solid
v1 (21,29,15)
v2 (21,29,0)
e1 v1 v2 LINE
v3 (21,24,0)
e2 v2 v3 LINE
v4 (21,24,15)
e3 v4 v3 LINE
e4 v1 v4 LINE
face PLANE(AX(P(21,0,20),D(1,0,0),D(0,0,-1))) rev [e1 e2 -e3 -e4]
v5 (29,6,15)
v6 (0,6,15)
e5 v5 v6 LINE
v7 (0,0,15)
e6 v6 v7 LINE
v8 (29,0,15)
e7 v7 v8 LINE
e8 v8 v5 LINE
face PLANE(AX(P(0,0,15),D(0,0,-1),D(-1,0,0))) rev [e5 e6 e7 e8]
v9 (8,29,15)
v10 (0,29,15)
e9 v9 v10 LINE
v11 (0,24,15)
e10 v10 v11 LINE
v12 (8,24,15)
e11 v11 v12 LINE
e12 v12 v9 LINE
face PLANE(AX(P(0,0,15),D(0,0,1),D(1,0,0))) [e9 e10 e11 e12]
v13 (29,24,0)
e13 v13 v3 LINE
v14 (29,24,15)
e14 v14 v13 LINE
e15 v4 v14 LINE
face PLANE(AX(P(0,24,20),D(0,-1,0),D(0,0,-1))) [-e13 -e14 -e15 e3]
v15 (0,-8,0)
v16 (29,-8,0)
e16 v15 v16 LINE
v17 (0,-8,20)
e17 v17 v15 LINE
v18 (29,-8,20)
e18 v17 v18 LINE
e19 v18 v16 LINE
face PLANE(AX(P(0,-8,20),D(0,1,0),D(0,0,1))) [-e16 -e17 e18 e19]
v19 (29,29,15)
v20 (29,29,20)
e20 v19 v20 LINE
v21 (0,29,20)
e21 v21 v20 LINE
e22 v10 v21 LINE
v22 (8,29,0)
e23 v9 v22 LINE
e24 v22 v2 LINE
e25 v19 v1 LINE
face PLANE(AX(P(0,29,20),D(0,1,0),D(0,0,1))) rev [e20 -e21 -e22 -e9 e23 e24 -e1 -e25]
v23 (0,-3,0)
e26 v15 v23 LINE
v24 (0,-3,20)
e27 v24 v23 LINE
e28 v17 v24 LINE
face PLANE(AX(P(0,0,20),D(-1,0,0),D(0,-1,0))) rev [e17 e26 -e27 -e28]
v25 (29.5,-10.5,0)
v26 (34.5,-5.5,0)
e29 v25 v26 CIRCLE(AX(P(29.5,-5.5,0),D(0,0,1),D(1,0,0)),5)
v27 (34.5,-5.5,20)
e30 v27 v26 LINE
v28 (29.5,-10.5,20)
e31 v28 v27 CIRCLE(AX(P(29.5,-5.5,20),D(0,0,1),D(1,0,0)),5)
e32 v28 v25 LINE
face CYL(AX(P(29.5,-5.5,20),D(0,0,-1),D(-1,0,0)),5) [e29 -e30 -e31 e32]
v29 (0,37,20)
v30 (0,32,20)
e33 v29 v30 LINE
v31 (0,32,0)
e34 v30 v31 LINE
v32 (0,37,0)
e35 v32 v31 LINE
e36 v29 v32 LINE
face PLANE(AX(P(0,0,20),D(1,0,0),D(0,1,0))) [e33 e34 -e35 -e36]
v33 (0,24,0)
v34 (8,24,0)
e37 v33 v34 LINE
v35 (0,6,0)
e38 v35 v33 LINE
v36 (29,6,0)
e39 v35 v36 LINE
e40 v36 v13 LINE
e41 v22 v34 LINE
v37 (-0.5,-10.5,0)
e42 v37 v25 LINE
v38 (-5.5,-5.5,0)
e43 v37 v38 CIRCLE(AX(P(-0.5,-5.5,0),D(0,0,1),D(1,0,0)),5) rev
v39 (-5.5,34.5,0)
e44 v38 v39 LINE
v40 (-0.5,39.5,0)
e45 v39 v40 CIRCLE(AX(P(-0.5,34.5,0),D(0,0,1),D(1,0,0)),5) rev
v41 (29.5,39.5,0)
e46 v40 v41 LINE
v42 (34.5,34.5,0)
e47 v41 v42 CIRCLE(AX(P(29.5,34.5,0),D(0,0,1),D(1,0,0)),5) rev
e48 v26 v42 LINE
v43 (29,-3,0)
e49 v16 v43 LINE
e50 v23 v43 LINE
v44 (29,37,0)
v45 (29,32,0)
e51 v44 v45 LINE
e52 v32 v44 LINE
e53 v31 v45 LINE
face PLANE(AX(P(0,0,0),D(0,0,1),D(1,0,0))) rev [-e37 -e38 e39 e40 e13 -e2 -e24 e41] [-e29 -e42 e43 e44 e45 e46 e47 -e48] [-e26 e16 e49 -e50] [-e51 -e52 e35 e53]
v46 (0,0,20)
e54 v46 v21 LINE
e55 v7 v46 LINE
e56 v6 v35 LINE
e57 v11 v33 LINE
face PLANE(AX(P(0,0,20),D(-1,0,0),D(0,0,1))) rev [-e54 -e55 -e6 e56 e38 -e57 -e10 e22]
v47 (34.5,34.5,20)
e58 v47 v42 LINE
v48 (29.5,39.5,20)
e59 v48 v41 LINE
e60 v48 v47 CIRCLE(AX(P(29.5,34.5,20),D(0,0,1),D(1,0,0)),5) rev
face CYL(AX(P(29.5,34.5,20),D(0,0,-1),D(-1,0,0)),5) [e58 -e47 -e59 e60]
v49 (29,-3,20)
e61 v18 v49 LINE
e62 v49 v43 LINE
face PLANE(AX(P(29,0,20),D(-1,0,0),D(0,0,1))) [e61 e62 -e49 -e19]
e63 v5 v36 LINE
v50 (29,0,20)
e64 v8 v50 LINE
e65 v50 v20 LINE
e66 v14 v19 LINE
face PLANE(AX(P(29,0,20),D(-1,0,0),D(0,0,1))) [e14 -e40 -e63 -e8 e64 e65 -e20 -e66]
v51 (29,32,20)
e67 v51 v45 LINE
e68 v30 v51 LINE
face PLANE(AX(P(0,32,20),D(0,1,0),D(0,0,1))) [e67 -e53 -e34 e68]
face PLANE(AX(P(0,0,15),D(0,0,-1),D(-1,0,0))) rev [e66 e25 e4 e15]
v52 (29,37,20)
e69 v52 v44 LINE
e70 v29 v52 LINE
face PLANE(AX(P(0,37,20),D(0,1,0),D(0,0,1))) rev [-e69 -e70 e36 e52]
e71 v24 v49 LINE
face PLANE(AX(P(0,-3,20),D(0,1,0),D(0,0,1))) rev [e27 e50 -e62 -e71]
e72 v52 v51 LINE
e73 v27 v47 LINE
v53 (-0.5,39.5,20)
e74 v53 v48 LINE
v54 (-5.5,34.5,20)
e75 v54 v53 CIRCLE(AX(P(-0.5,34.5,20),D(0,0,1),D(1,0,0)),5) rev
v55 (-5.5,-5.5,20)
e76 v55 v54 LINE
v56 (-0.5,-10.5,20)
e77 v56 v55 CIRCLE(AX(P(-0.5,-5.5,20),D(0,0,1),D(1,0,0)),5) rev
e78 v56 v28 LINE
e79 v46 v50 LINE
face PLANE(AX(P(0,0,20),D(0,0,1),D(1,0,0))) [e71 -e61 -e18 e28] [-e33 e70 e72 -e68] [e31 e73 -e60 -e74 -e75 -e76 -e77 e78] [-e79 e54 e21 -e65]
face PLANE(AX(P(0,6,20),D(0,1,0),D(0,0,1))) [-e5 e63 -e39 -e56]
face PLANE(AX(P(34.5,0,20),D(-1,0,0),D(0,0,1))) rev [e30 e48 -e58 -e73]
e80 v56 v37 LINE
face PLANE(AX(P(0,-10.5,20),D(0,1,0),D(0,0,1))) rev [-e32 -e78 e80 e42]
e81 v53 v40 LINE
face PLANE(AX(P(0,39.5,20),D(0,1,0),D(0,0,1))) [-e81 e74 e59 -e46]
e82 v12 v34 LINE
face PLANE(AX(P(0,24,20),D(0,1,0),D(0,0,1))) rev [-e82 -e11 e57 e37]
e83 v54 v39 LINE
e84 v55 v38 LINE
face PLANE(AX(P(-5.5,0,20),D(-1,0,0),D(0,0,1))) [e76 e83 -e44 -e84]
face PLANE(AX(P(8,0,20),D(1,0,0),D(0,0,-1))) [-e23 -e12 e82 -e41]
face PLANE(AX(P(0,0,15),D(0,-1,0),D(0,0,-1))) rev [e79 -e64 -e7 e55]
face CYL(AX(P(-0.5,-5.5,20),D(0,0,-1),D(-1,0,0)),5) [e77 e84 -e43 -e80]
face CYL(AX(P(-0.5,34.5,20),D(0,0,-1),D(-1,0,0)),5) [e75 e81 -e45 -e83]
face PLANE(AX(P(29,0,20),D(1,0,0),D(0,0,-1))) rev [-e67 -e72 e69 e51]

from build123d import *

# Parameters (mm, degrees)
SKETCH2_W           = 29
SKETCH2_H           = 5
BOSS_EXTRUDE2_DEPTH = 20
SKETCH3_W           = 8
SKETCH3_H           = 5
SKETCH3_W_2         = 29
SKETCH3_H_2         = 6
CUT_EXTRUDE1_DEPTH  = 5


with BuildPart() as part:
    # Sketch2 → Boss-Extrude2 (new body)
    with BuildSketch(Plane.XY):
        with BuildLine():
            ThreePointArc((-5.5, -5.5), (-4.035533906, -9.035533906), (-0.5, -10.5))
            Line((-0.5, -10.5), (29.5, -10.5))
            ThreePointArc((29.5, -10.5), (33.035533906, -9.035533906), (34.5, -5.5))
            Line((34.5, -5.5), (34.5, 34.5))
            ThreePointArc((34.5, 34.5), (33.035533906, 38.035533906), (29.5, 39.5))
            Line((29.5, 39.5), (-0.5, 39.5))
            ThreePointArc((-0.5, 39.5), (-4.035533906, 38.035533906), (-5.5, 34.5))
            Line((-5.5, 34.5), (-5.5, -5.5))
        make_face()
        Polygon((29, 6), (0, 6), (0, 24), (8, 24), (8, 29), (21, 29), (21, 24), (29, 24), align=None, mode=Mode.SUBTRACT)
        with Locations((14.5, -5.5)):
            Rectangle(SKETCH2_W, SKETCH2_H, mode=Mode.SUBTRACT)
        with Locations((14.5, 34.5)):
            Rectangle(SKETCH2_W, SKETCH2_H, mode=Mode.SUBTRACT)
    extrude(amount=BOSS_EXTRUDE2_DEPTH)

    # Sketch3 → Cut-Extrude1 (cut)
    with BuildSketch(Plane.XY.offset(20)):
        with Locations((4, 26.5)):
            Rectangle(SKETCH3_W, SKETCH3_H)
        with Locations((25, 26.5)):
            Rectangle(SKETCH3_W, SKETCH3_H)
        with Locations((14.5, 3)):
            Rectangle(SKETCH3_W_2, SKETCH3_H_2)
    extrude(amount=-CUT_EXTRUDE1_DEPTH, mode=Mode.SUBTRACT)


solid = part.part
